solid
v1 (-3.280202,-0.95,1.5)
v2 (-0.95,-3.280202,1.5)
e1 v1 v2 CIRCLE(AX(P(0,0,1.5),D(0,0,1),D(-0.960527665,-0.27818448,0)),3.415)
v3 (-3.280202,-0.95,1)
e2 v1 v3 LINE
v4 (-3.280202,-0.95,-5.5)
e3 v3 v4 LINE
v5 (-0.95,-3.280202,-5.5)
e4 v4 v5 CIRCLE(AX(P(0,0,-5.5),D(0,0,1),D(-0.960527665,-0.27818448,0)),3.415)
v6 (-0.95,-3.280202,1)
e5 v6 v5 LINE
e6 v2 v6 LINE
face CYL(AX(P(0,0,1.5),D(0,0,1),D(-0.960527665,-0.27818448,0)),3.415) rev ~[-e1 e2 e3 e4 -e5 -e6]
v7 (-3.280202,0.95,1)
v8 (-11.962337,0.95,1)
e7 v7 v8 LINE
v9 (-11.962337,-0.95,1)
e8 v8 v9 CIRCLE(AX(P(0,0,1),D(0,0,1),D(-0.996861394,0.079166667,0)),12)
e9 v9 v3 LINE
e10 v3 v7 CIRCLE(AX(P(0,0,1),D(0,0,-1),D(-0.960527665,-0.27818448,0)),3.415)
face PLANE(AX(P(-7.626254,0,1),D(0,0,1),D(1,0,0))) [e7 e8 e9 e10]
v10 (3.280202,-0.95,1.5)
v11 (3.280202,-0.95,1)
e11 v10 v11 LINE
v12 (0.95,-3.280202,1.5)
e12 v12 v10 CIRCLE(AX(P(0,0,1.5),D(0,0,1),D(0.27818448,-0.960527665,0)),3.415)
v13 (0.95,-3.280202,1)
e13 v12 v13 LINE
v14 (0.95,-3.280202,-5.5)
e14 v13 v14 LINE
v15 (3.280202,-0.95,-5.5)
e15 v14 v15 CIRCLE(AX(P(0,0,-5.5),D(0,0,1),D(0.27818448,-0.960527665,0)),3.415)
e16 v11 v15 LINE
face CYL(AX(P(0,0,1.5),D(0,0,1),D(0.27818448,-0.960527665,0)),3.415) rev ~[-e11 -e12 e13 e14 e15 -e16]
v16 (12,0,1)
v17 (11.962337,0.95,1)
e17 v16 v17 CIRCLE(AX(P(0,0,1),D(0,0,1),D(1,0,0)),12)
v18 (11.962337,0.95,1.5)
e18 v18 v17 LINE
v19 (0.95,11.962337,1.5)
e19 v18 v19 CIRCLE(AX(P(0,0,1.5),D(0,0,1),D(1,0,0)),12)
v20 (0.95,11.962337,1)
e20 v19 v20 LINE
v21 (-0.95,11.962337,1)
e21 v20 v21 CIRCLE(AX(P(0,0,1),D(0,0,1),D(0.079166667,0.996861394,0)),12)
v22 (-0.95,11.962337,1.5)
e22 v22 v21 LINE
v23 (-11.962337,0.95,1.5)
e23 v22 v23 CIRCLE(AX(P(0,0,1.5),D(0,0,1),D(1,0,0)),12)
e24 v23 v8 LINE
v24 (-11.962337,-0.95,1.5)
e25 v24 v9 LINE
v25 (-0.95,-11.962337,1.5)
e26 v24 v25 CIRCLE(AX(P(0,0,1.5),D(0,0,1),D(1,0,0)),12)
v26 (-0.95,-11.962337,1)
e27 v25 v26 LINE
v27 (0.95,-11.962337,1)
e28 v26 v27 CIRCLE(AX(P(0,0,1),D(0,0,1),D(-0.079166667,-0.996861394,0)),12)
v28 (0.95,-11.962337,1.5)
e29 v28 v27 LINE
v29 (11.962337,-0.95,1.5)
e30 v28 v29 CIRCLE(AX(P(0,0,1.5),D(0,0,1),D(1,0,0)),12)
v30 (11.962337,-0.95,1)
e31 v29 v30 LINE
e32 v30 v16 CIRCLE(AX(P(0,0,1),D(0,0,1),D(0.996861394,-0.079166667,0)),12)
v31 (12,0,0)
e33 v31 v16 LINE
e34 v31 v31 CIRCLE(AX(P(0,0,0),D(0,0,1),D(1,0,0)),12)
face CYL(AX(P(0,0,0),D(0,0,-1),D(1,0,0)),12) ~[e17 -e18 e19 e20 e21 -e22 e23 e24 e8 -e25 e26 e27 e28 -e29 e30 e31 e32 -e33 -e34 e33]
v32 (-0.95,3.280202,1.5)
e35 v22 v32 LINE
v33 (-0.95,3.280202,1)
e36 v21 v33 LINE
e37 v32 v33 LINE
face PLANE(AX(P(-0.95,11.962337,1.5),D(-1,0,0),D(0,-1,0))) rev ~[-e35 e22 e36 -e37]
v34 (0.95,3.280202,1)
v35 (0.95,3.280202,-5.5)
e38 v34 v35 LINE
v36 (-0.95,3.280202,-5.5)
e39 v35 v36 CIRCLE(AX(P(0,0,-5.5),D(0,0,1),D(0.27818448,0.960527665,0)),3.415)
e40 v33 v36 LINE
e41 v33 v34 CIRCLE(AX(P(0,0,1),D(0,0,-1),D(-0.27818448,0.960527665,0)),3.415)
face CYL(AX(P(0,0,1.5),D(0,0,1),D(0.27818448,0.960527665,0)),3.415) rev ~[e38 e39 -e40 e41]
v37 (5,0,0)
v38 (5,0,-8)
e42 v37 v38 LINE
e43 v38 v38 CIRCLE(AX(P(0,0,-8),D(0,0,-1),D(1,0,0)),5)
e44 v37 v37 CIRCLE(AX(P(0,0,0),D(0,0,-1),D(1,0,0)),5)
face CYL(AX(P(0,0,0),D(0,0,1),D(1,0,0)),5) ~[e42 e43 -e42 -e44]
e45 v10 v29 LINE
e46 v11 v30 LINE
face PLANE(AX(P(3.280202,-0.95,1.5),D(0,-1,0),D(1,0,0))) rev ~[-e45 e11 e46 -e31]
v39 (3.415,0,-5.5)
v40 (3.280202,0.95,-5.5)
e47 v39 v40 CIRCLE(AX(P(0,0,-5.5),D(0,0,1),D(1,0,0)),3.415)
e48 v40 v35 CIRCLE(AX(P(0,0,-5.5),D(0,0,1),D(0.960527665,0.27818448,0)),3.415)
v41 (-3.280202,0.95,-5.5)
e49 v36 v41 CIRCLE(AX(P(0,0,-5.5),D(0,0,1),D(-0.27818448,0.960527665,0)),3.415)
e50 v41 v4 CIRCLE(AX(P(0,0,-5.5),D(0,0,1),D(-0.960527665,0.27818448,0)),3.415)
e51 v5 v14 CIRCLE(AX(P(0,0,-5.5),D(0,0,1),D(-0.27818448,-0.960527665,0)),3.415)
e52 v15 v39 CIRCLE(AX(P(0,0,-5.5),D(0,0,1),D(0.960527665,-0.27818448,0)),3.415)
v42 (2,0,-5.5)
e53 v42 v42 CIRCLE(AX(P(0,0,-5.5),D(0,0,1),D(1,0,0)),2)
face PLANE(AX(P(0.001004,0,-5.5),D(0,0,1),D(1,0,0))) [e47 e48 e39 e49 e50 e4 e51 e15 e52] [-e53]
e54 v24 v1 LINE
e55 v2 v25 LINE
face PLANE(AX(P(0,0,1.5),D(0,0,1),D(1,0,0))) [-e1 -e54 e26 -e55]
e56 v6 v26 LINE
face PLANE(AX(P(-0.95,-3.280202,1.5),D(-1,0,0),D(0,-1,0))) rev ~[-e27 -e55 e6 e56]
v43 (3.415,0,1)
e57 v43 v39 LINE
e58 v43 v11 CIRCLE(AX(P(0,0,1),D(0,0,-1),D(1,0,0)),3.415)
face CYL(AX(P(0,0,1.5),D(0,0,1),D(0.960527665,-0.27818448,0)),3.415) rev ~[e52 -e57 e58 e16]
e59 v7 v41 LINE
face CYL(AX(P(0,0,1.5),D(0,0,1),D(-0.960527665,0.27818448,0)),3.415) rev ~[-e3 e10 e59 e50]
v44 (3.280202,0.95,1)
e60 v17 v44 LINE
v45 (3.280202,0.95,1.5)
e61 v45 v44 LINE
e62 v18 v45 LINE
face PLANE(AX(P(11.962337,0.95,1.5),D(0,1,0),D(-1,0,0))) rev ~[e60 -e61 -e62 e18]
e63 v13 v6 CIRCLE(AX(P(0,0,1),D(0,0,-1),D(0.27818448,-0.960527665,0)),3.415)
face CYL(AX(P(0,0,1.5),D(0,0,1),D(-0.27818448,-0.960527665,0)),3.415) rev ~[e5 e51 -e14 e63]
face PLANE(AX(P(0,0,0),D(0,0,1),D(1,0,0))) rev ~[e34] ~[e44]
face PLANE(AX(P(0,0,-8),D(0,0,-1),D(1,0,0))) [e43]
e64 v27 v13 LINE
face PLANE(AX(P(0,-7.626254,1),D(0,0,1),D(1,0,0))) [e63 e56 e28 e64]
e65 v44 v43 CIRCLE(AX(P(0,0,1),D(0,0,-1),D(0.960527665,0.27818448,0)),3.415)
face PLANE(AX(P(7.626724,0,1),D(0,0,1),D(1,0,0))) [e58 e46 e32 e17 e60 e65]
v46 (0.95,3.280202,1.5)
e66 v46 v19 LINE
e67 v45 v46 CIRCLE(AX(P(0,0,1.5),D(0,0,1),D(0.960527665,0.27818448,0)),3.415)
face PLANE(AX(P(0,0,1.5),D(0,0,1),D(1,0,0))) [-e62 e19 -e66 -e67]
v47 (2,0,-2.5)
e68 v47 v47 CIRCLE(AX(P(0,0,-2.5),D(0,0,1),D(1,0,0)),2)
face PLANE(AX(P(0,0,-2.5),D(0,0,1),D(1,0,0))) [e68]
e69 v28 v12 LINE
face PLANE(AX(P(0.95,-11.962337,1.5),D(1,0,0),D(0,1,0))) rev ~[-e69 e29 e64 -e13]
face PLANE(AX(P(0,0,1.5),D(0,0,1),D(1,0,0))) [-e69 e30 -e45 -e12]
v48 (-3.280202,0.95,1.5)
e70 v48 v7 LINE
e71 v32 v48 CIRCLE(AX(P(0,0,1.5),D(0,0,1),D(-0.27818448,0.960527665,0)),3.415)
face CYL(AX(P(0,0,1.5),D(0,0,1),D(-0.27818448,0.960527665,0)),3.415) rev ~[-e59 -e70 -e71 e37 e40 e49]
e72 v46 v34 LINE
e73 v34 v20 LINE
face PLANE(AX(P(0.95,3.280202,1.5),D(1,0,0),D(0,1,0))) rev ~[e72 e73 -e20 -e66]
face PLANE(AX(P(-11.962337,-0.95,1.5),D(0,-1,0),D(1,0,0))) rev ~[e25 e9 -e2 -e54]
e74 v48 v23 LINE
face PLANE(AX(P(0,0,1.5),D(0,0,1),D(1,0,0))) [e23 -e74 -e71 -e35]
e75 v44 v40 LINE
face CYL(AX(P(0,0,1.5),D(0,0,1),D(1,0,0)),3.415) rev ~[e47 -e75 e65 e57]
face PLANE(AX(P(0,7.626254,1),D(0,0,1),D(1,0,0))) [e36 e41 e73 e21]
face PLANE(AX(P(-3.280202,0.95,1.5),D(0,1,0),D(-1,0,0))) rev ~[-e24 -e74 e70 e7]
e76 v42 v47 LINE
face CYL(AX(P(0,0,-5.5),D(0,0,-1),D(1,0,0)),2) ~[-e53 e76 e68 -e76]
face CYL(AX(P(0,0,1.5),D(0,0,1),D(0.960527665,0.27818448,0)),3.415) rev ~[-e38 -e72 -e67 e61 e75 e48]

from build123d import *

# Parameters (mm, degrees)
F0_R     = 12
F1_DEPTH = 1.5
F2_R     = 5
F3_DEPTH = 8
F5_DEPTH = 0.5
F6_DEPTH = 7
F7_R     = 2
F8_DEPTH = 3


with BuildPart() as f1:
    # F0 (on Top) → F1 (new body)
    with BuildSketch(Plane.XY):
        Circle(F0_R)
    extrude(amount=F1_DEPTH)

    # F2 (on face) → F3 (join)
    with BuildSketch(Plane(origin=(0, 0, 0), x_dir=(1, 0, 0), z_dir=(0, 0, -1))):
        Circle(F2_R)
    extrude(amount=F3_DEPTH)

    # F4 (on face) → F5 (cut)
    with BuildSketch(Plane.XY.offset(1.5)):
        with BuildLine():
            ThreePointArc((-0.95, 3.2802019755), (0, 3.415), (0.95, 3.2802019755))
            Line((0.95, 3.2802019755), (0.95, 11.9623367282))
            ThreePointArc((0.95, 11.9623367282), (0, 12), (-0.95, 11.9623367282))
            Line((-0.95, 11.9623367282), (-0.95, 3.2802019755))
        make_face()
        with BuildLine():
            ThreePointArc((-3.2802019755, -0.95), (-3.415, 0), (-3.2802019755, 0.95))
            Line((-3.2802019755, 0.95), (-11.9623367282, 0.95))
            ThreePointArc((-11.9623367282, 0.95), (-12, 0), (-11.9623367282, -0.95))
            Line((-11.9623367282, -0.95), (-3.2802019755, -0.95))
        make_face()
        with BuildLine():
            Line((0.95, -11.9623367282), (0.95, -3.2802019755))
            ThreePointArc((0.95, -3.2802019755), (0, -3.415), (-0.95, -3.2802019755))
            Line((-0.95, -3.2802019755), (-0.95, -11.9623367282))
            ThreePointArc((-0.95, -11.9623367282), (0, -12), (0.95, -11.9623367282))
        make_face()
        with BuildLine():
            ThreePointArc((3.2802019755, 0.95), (3.3811325578, 0.4797578836), (3.415, 0))
            ThreePointArc((3.415, 0), (3.3811325578, -0.4797578836), (3.2802019755, -0.95))
            Line((3.2802019755, -0.95), (11.9623367282, -0.95))
            ThreePointArc((11.9623367282, -0.95), (11.9905804851, -0.4753731487), (12, 0))
            ThreePointArc((12, 0), (11.9905804851, 0.4753731487), (11.9623367282, 0.95))
            Line((11.9623367282, 0.95), (3.2802019755, 0.95))
        make_face()
    extrude(amount=-F5_DEPTH, mode=Mode.SUBTRACT)

    # F4 (on face) → F6 (cut)
    with BuildSketch(Plane.XY.offset(1.5)):
        with BuildLine():
            ThreePointArc((3.2802019755, -0.95), (3.3811325578, -0.4797578836), (3.415, 0))
            ThreePointArc((3.415, 0), (3.3811325578, 0.4797578836), (3.2802019755, 0.95))
            ThreePointArc((3.2802019755, 0.95), (2.4147696578, 2.4147696578), (0.95, 3.2802019755))
            ThreePointArc((0.95, 3.2802019755), (0, 3.415), (-0.95, 3.2802019755))
            ThreePointArc((-0.95, 3.2802019755), (-2.4147696578, 2.4147696578), (-3.2802019755, 0.95))
            ThreePointArc((-3.2802019755, 0.95), (-3.415, 0), (-3.2802019755, -0.95))
            ThreePointArc((-3.2802019755, -0.95), (-2.4147696578, -2.4147696578), (-0.95, -3.2802019755))
            ThreePointArc((-0.95, -3.2802019755), (0, -3.415), (0.95, -3.2802019755))
            ThreePointArc((0.95, -3.2802019755), (2.4147696578, -2.4147696578), (3.2802019755, -0.95))
        make_face()
    extrude(amount=-F6_DEPTH, mode=Mode.SUBTRACT)

    # F7 (on face) → F8 (join)
    with BuildSketch(Plane.XY.offset(-5.5)):
        Circle(F7_R)
    extrude(amount=F8_DEPTH)


solid = f1.part
